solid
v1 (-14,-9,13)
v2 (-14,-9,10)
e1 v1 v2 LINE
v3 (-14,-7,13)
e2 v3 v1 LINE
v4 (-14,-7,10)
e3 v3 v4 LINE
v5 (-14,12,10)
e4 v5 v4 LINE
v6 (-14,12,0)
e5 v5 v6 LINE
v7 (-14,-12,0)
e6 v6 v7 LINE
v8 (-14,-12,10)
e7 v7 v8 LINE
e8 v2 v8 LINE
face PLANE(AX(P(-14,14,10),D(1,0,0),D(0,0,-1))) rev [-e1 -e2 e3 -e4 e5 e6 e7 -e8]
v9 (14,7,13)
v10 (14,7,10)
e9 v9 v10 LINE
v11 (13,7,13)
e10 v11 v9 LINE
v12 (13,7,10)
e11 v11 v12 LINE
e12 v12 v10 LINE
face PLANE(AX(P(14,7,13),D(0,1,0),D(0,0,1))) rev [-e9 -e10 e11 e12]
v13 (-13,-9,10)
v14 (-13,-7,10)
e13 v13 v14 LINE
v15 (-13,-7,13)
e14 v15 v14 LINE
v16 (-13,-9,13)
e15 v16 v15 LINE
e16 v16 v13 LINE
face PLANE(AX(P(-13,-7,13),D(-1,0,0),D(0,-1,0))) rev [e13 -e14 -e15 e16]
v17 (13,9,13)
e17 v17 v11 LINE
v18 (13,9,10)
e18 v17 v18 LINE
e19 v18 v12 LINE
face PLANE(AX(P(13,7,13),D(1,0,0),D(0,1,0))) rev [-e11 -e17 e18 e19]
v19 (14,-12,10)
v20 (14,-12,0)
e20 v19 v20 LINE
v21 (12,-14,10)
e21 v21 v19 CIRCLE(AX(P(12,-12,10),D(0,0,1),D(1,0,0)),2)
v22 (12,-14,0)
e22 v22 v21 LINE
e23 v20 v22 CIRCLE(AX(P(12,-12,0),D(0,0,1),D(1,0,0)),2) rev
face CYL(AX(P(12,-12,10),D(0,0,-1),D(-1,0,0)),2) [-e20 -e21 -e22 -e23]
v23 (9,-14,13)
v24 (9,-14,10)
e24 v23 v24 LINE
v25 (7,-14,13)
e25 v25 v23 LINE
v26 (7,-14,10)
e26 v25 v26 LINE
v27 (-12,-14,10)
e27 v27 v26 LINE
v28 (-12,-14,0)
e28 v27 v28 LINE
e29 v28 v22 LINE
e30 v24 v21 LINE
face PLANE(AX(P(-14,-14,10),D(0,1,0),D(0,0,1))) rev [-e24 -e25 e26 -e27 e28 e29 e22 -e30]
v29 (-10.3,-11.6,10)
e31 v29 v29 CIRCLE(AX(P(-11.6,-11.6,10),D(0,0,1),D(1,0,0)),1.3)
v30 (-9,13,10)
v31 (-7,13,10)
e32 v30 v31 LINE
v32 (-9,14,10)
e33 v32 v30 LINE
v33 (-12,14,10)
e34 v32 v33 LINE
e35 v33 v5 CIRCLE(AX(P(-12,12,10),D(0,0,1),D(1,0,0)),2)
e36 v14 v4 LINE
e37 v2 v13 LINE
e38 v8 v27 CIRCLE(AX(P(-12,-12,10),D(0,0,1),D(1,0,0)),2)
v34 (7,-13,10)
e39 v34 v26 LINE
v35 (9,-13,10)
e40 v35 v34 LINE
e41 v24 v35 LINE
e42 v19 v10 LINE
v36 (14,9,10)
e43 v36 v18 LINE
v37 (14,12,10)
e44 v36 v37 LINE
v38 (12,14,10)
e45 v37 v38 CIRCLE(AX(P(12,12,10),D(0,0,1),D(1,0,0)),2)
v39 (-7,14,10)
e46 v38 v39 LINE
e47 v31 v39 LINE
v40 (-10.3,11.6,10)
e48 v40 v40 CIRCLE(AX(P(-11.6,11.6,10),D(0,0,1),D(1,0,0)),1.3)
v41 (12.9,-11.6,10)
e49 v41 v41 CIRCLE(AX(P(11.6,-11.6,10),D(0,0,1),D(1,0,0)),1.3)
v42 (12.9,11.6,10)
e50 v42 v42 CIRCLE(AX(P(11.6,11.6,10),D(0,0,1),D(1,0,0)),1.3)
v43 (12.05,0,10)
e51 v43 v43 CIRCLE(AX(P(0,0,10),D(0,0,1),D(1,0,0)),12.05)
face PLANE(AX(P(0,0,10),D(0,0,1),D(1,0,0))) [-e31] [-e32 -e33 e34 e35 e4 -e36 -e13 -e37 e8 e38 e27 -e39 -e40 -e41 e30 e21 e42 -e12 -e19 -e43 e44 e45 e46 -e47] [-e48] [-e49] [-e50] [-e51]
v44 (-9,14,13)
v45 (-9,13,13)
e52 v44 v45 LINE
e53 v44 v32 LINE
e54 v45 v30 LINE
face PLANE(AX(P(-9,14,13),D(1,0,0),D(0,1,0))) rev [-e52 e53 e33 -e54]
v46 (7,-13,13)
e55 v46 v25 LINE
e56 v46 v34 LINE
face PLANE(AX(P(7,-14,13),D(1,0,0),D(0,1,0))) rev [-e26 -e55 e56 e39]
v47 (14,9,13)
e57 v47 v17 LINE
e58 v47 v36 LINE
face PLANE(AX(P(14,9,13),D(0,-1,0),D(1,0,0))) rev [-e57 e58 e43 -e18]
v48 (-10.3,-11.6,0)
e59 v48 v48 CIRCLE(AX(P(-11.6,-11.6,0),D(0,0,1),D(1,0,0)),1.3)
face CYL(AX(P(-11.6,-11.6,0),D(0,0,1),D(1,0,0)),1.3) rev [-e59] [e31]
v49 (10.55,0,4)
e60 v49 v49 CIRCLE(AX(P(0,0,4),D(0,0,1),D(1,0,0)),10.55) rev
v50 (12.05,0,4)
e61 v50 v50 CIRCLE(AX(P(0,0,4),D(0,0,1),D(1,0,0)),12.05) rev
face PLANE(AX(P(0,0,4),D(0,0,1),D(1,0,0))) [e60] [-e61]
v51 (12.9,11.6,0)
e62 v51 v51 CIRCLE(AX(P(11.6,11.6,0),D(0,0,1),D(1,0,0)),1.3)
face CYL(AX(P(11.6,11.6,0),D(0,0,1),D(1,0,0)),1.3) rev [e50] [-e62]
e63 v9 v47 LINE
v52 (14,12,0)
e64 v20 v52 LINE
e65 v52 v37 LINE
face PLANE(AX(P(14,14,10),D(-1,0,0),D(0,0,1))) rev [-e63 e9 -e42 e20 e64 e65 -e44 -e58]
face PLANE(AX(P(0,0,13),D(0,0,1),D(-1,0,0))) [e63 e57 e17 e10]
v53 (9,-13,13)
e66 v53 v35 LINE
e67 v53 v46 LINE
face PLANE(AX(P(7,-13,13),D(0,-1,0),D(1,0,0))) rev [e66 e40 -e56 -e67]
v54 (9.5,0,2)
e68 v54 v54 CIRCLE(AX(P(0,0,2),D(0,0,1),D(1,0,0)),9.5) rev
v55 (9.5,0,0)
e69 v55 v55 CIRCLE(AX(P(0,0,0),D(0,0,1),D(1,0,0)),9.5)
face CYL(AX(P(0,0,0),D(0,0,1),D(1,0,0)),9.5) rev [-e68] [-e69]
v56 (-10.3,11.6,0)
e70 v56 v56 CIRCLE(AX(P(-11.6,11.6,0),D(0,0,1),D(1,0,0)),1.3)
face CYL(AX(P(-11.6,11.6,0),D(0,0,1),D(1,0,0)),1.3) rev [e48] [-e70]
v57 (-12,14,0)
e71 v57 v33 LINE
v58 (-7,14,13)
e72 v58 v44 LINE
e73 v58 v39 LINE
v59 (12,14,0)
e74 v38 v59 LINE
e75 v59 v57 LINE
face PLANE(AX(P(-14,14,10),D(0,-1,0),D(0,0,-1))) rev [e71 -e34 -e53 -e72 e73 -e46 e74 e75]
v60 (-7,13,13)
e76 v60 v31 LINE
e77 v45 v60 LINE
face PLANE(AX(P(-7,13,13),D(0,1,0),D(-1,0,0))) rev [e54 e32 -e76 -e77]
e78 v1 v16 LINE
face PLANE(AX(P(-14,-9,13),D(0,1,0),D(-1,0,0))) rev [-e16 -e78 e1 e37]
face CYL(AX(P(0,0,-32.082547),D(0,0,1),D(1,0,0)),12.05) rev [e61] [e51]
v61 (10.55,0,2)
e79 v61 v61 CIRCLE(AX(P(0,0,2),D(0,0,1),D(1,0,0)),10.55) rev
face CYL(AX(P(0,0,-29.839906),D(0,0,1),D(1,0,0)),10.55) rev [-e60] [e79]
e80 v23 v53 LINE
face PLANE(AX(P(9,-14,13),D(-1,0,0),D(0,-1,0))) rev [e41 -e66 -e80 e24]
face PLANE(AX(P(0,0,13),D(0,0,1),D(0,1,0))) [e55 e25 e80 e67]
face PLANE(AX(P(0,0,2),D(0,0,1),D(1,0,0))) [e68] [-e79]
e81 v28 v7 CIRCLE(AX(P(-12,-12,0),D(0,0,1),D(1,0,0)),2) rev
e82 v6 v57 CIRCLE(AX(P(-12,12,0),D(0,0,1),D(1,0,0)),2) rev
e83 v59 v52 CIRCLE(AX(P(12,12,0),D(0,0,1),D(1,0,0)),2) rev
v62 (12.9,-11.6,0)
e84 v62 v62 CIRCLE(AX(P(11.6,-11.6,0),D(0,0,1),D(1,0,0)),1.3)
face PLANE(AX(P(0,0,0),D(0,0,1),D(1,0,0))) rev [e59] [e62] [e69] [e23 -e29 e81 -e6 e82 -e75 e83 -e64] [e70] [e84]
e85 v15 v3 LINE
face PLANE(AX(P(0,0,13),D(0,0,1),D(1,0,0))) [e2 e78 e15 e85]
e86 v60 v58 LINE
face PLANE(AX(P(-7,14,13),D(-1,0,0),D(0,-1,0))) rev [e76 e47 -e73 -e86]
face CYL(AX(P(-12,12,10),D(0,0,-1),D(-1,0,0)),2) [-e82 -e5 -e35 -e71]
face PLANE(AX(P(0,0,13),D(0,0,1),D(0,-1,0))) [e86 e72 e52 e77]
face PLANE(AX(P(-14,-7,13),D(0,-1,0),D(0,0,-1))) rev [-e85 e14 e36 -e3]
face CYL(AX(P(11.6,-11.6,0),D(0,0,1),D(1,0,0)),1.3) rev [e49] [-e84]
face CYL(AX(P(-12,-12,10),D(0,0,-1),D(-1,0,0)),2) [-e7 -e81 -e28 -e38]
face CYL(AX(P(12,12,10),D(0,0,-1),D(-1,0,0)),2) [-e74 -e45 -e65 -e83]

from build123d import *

# Parameters (mm, degrees)
SKETCH_1_W               = 28
SKETCH_1_H               = 28
EXTRUDE_1_DEPTH          = 10
SKETCH_2_R               = 9.5
CUT_EXTRUDE_1_DEPTH      = 11
SKETCH_3_R               = 10.55
CUT_EXTRUDE_2_DEPTH      = 8
SKETCH_4_R               = 12.05
CUT_EXTRUDE_3_DEPTH      = 6
FILLET_1_R               = 2
SKETCH_5_R               = 1.3
CUT_EXTRUDE_4_DEPTH      = 11
SKETCH_6_W               = 1
SKETCH_6_H               = 2
EXTRUDE_2_DEPTH          = 3
PATTERN_CIRCULAR_1_COUNT = 4


with BuildPart() as part:
    # 草图1 → 凸台-拉伸1 (new body)
    with BuildSketch(Plane.XY):
        Rectangle(SKETCH_1_W, SKETCH_1_H)
    extrude(amount=EXTRUDE_1_DEPTH)

    # 草图2 → 切除-拉伸1 (cut, through all)
    with BuildSketch(Plane.XY.offset(10)):
        Circle(SKETCH_2_R)
    extrude(amount=-CUT_EXTRUDE_1_DEPTH, mode=Mode.SUBTRACT)

    # 草图3 → 切除-拉伸2 (cut)
    with BuildSketch(Plane.XY.offset(10)):
        Circle(SKETCH_3_R)
    extrude(amount=-CUT_EXTRUDE_2_DEPTH, mode=Mode.SUBTRACT)

    # 草图4 → 切除-拉伸3 (cut)
    with BuildSketch(Plane.XY.offset(10)):
        Circle(SKETCH_4_R)
    extrude(amount=-CUT_EXTRUDE_3_DEPTH, mode=Mode.SUBTRACT)

    # 圆角1
    fillet_1_edges = [part.edges().sort_by_distance(p)[0] for p in [
        (14, -14, 5),
        (-14, -14, 5),
        (-14, 14, 5),
        (14, 14, 5),
    ]]
    fillet(fillet_1_edges, radius=FILLET_1_R)

    # 草图5 → 切除-拉伸4 (cut, through all)
    with BuildSketch(Plane.XY.offset(10)):
        with Locations((-11.6, 11.6)):
            Circle(SKETCH_5_R)
        with Locations((11.6, 11.6)):
            Circle(SKETCH_5_R)
        with Locations((11.6, -11.6)):
            Circle(SKETCH_5_R)
        with Locations((-11.6, -11.6)):
            Circle(SKETCH_5_R)
    extrude(amount=-CUT_EXTRUDE_4_DEPTH, mode=Mode.SUBTRACT)

    # 草图6 → 凸台-拉伸2 (add)
    with BuildSketch(Plane.XY.offset(10)):
        with Locations((-13.5, -8)):
            Rectangle(SKETCH_6_W, SKETCH_6_H)
    extrude_2 = extrude(amount=EXTRUDE_2_DEPTH)

    # 阵列(圆周)1: 凸台-拉伸2 ×4 about axis
    pattern_circular_1_axis = Axis((0, 0, 0), (0, 0, 1))
    for i in range(1, PATTERN_CIRCULAR_1_COUNT):
        add(extrude_2.rotate(pattern_circular_1_axis, i * 360 / PATTERN_CIRCULAR_1_COUNT))


solid = part.part
